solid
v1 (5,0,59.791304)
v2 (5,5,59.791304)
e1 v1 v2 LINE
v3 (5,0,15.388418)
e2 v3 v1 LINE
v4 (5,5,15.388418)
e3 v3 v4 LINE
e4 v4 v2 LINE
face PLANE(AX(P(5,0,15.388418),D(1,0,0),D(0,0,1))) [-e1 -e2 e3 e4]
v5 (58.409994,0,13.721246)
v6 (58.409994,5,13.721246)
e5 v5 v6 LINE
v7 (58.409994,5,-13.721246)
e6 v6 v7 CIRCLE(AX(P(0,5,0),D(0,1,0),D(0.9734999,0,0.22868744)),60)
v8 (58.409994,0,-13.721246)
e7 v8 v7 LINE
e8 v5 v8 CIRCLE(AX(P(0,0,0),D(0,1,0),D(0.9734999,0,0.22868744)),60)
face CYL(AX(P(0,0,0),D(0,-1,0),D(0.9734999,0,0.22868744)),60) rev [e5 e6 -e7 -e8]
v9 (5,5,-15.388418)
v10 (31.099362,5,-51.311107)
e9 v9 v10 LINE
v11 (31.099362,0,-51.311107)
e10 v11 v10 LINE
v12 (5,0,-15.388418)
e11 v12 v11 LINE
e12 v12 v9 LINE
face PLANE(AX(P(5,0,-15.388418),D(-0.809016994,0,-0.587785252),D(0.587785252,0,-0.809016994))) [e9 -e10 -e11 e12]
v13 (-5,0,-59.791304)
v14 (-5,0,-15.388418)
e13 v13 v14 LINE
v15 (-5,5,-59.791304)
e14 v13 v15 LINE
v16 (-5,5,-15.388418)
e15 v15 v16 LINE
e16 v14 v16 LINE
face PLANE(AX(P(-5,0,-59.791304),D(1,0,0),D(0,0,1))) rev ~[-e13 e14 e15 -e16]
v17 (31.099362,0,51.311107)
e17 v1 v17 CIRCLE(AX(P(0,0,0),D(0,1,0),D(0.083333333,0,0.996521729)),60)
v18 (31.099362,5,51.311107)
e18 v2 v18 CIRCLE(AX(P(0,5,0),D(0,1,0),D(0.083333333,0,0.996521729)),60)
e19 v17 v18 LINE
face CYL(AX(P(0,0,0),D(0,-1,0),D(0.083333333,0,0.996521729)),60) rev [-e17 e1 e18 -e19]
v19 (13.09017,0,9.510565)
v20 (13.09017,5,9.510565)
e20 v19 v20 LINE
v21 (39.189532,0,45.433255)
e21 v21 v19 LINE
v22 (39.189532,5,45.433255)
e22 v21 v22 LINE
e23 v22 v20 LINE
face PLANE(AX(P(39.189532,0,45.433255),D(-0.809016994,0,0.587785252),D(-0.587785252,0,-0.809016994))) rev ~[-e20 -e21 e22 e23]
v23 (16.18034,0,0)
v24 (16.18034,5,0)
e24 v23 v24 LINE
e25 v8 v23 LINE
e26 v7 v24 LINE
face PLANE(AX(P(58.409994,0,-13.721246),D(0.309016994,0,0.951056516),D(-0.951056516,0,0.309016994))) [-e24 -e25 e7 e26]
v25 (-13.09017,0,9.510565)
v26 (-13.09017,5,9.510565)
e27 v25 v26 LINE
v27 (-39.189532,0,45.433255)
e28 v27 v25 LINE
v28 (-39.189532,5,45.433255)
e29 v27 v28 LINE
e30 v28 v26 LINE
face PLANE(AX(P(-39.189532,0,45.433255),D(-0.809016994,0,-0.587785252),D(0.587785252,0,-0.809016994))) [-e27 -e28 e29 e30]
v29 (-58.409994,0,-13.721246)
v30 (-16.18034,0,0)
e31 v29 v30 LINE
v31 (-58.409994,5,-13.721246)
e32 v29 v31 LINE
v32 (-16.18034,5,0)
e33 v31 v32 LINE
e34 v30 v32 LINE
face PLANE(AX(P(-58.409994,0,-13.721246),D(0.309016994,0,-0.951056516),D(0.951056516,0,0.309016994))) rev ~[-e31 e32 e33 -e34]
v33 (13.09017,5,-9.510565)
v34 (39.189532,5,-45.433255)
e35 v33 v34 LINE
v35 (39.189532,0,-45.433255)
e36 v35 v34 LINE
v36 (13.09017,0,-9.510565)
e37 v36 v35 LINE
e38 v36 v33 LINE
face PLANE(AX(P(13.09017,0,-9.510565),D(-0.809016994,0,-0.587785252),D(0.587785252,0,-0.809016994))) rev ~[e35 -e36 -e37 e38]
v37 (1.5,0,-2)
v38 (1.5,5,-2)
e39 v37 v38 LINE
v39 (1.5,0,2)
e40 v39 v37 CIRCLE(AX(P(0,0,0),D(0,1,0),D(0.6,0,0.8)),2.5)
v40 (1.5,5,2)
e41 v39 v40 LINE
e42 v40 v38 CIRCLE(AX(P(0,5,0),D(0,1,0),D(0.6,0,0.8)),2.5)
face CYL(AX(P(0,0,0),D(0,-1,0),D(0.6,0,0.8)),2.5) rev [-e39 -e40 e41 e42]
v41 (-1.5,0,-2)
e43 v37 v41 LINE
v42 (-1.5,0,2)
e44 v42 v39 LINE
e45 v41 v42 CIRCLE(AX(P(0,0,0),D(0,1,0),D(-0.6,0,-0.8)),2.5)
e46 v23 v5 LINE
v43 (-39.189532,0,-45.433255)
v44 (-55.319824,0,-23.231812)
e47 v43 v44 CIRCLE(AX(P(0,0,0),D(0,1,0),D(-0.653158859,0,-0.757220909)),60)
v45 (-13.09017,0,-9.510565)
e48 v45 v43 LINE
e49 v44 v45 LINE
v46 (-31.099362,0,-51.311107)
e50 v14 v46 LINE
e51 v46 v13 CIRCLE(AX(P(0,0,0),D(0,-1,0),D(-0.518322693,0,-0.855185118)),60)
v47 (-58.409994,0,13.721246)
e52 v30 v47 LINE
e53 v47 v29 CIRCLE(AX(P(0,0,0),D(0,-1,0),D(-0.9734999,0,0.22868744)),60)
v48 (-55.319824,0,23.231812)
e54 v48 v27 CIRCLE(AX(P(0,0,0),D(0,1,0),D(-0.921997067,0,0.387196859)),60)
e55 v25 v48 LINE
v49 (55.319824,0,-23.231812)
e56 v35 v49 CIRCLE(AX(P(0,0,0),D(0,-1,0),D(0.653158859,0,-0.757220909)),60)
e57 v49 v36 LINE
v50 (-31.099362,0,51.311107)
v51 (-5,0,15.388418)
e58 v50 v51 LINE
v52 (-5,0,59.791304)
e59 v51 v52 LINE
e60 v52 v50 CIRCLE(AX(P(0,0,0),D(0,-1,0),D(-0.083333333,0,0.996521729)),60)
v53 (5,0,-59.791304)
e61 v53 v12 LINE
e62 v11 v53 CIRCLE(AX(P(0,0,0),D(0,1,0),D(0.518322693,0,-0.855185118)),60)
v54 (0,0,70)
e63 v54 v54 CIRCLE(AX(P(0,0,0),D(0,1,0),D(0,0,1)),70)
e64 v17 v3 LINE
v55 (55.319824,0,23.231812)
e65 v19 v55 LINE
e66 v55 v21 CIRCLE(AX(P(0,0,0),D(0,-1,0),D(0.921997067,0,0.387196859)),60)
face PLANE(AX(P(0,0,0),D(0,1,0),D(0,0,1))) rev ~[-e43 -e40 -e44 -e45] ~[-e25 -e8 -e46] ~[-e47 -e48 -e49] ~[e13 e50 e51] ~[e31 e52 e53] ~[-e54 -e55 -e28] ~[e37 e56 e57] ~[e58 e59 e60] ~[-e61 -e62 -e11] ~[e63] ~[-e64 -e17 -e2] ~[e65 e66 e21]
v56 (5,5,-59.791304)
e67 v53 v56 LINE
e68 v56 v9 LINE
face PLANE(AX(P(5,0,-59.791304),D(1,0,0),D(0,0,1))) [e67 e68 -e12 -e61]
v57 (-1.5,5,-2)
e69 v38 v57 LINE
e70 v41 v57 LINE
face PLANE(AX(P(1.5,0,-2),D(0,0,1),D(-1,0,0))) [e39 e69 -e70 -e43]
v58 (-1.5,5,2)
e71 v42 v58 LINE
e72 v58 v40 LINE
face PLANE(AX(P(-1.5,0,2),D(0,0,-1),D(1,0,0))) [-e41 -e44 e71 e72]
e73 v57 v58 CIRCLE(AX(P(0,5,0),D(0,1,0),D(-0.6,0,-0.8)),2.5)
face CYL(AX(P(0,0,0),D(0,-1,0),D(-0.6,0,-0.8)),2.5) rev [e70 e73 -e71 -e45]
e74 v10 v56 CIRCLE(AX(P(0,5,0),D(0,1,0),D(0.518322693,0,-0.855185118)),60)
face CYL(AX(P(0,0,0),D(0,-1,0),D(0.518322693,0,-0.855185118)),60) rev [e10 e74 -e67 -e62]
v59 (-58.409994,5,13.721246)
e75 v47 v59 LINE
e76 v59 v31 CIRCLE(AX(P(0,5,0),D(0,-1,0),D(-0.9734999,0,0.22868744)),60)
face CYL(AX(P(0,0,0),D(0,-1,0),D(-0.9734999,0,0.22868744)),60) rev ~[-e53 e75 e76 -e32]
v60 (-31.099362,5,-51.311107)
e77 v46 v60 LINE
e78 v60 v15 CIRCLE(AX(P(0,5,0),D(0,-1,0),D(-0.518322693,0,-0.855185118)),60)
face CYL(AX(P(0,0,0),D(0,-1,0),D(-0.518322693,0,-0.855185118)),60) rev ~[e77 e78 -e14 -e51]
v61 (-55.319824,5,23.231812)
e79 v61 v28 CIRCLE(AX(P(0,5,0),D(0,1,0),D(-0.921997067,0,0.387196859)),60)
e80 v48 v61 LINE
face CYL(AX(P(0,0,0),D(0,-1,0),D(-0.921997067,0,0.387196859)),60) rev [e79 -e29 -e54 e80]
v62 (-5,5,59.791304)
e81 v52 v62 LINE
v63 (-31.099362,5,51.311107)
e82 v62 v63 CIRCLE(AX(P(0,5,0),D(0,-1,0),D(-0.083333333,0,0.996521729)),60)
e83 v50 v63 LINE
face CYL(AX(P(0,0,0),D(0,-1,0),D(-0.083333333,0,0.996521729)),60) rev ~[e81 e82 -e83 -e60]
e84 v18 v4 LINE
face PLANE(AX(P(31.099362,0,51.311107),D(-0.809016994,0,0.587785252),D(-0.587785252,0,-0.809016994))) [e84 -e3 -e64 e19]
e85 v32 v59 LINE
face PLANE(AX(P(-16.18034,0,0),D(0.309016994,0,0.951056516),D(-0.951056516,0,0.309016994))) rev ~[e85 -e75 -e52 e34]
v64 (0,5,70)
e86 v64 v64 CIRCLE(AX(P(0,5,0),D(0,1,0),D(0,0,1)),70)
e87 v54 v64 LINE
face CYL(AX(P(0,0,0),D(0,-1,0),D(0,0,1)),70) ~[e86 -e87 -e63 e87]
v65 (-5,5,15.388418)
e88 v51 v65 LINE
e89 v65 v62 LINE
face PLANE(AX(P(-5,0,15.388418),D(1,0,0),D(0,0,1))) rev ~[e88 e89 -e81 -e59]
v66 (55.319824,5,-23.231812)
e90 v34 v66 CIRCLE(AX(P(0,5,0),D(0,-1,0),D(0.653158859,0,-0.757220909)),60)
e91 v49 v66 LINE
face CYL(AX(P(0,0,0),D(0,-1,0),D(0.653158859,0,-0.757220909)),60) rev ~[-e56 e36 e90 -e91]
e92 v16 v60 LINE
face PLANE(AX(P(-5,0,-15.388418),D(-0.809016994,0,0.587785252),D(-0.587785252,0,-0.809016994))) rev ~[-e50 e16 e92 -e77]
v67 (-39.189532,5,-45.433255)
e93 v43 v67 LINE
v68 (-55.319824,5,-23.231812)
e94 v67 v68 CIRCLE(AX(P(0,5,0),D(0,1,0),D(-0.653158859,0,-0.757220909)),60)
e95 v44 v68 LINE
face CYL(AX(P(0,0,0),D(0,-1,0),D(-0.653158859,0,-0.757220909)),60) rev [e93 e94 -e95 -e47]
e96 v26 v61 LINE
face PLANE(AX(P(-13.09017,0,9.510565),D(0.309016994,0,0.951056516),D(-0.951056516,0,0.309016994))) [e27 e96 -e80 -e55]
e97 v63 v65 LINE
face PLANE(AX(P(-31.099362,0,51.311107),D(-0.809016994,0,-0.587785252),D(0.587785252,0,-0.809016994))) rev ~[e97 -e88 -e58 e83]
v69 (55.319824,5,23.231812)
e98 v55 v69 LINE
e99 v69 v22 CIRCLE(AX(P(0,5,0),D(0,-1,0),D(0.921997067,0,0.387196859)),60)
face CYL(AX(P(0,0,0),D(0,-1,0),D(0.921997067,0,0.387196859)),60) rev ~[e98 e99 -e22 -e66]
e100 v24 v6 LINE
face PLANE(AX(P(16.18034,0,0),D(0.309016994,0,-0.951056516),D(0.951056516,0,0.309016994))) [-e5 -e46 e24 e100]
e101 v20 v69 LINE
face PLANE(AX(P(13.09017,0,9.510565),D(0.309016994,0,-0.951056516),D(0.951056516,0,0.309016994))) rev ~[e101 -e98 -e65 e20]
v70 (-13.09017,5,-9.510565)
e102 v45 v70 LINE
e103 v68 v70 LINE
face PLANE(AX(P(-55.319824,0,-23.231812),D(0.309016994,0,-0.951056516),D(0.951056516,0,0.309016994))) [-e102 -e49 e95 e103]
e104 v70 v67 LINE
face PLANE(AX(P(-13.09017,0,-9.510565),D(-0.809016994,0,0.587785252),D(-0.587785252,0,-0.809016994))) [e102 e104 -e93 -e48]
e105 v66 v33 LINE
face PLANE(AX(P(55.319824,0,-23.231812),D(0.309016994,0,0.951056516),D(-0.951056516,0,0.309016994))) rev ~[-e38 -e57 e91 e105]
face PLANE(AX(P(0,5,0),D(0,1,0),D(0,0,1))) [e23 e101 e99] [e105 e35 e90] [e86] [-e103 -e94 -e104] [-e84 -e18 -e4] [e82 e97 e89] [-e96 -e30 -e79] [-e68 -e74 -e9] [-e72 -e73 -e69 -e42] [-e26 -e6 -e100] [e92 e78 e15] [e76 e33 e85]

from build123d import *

# Parameters (mm, degrees)
SKETCH1_R           = 70
BOSS_EXTRUDE1_DEPTH = 5


with BuildPart() as part:
    # Sketch1 → Boss-Extrude1 (new body)
    with BuildSketch(Plane(origin=(0, 0, 0), x_dir=(1, 0, 0), z_dir=(0, 1, 0))):
        with Locations(Location((0, 0, 0), (0, 0, 270))):
            Circle(SKETCH1_R)
        with BuildLine():
            Line((55.319824044, 23.231811546), (13.090169944, 9.510565163))
            Line((13.090169944, 9.510565163), (39.189531511, 45.43325456))
            ThreePointArc((39.189531511, 45.43325456), (48.541019662, 35.267115138), (55.319824044, 23.231811546))
        make_face(mode=Mode.SUBTRACT)
        with BuildLine():
            Line((-5, 15.388417687), (-31.099361567, 51.311107083))
            ThreePointArc((-31.099361567, 51.311107083), (-18.541019662, 57.063390978), (-5, 59.791303716))
            Line((-5, 59.791303716), (-5, 15.388417687))
        make_face(mode=Mode.SUBTRACT)
        with BuildLine():
            Line((5, 15.388417686), (31.099361567, 51.311107083))
            ThreePointArc((31.099361567, 51.311107083), (18.541019662, 57.063390978), (5, 59.791303716))
            Line((5, 59.791303716), (5, 15.388417686))
        make_face(mode=Mode.SUBTRACT)
        with BuildLine():
            Line((58.409993988, 13.721246383), (16.180339887, 0))
            Line((16.180339887, 0), (58.409993988, -13.721246382))
            ThreePointArc((58.409993988, -13.721246382), (60, 0), (58.409993988, 13.721246383))
        make_face(mode=Mode.SUBTRACT)
        with BuildLine():
            Line((39.189531511, -45.43325456), (13.090169944, -9.510565163))
            Line((13.090169944, -9.510565163), (55.319824045, -23.231811545))
            ThreePointArc((55.319824045, -23.231811545), (48.541019663, -35.267115137), (39.189531511, -45.43325456))
        make_face(mode=Mode.SUBTRACT)
        with BuildLine():
            Line((31.099361568, -51.311107083), (5, -15.388417685))
            Line((5, -15.388417685), (5, -59.791303716))
            ThreePointArc((5, -59.791303716), (18.541019663, -57.063390978), (31.099361568, -51.311107083))
        make_face(mode=Mode.SUBTRACT)
        with BuildLine():
            Line((-55.319824044, 23.231811546), (-13.090169944, 9.510565163))
            Line((-13.090169944, 9.510565163), (-39.189531511, 45.43325456))
            ThreePointArc((-39.189531511, 45.43325456), (-48.541019662, 35.267115138), (-55.319824044, 23.231811546))
        make_face(mode=Mode.SUBTRACT)
        with BuildLine():
            Line((-58.409993988, 13.721246383), (-16.180339888, 0))
            Line((-16.180339888, 0), (-58.409993988, -13.721246382))
            ThreePointArc((-58.409993988, -13.721246382), (-60, 0), (-58.409993988, 13.721246383))
        make_face(mode=Mode.SUBTRACT)
        with BuildLine():
            Line((-39.189531511, -45.43325456), (-13.090169944, -9.510565163))
            Line((-13.090169944, -9.510565163), (-55.319824045, -23.231811545))
            ThreePointArc((-55.319824045, -23.231811545), (-48.541019663, -35.267115137), (-39.189531511, -45.43325456))
        make_face(mode=Mode.SUBTRACT)
        with BuildLine():
            Line((-31.099361568, -51.311107083), (-5, -15.388417686))
            Line((-5, -15.388417686), (-5, -59.791303715))
            ThreePointArc((-5, -59.791303715), (-18.541019663, -57.063390978), (-31.099361568, -51.311107083))
        make_face(mode=Mode.SUBTRACT)
        with BuildLine():
            Line((-1.5, -2), (1.5, -2))
            ThreePointArc((1.5, -2), (2.5, 0), (1.5, 2))
            Line((1.5, 2), (-1.5, 2))
            ThreePointArc((-1.5, 2), (-2.5, 0), (-1.5, -2))
        make_face(mode=Mode.SUBTRACT)
    extrude(amount=BOSS_EXTRUDE1_DEPTH)


solid = part.part
